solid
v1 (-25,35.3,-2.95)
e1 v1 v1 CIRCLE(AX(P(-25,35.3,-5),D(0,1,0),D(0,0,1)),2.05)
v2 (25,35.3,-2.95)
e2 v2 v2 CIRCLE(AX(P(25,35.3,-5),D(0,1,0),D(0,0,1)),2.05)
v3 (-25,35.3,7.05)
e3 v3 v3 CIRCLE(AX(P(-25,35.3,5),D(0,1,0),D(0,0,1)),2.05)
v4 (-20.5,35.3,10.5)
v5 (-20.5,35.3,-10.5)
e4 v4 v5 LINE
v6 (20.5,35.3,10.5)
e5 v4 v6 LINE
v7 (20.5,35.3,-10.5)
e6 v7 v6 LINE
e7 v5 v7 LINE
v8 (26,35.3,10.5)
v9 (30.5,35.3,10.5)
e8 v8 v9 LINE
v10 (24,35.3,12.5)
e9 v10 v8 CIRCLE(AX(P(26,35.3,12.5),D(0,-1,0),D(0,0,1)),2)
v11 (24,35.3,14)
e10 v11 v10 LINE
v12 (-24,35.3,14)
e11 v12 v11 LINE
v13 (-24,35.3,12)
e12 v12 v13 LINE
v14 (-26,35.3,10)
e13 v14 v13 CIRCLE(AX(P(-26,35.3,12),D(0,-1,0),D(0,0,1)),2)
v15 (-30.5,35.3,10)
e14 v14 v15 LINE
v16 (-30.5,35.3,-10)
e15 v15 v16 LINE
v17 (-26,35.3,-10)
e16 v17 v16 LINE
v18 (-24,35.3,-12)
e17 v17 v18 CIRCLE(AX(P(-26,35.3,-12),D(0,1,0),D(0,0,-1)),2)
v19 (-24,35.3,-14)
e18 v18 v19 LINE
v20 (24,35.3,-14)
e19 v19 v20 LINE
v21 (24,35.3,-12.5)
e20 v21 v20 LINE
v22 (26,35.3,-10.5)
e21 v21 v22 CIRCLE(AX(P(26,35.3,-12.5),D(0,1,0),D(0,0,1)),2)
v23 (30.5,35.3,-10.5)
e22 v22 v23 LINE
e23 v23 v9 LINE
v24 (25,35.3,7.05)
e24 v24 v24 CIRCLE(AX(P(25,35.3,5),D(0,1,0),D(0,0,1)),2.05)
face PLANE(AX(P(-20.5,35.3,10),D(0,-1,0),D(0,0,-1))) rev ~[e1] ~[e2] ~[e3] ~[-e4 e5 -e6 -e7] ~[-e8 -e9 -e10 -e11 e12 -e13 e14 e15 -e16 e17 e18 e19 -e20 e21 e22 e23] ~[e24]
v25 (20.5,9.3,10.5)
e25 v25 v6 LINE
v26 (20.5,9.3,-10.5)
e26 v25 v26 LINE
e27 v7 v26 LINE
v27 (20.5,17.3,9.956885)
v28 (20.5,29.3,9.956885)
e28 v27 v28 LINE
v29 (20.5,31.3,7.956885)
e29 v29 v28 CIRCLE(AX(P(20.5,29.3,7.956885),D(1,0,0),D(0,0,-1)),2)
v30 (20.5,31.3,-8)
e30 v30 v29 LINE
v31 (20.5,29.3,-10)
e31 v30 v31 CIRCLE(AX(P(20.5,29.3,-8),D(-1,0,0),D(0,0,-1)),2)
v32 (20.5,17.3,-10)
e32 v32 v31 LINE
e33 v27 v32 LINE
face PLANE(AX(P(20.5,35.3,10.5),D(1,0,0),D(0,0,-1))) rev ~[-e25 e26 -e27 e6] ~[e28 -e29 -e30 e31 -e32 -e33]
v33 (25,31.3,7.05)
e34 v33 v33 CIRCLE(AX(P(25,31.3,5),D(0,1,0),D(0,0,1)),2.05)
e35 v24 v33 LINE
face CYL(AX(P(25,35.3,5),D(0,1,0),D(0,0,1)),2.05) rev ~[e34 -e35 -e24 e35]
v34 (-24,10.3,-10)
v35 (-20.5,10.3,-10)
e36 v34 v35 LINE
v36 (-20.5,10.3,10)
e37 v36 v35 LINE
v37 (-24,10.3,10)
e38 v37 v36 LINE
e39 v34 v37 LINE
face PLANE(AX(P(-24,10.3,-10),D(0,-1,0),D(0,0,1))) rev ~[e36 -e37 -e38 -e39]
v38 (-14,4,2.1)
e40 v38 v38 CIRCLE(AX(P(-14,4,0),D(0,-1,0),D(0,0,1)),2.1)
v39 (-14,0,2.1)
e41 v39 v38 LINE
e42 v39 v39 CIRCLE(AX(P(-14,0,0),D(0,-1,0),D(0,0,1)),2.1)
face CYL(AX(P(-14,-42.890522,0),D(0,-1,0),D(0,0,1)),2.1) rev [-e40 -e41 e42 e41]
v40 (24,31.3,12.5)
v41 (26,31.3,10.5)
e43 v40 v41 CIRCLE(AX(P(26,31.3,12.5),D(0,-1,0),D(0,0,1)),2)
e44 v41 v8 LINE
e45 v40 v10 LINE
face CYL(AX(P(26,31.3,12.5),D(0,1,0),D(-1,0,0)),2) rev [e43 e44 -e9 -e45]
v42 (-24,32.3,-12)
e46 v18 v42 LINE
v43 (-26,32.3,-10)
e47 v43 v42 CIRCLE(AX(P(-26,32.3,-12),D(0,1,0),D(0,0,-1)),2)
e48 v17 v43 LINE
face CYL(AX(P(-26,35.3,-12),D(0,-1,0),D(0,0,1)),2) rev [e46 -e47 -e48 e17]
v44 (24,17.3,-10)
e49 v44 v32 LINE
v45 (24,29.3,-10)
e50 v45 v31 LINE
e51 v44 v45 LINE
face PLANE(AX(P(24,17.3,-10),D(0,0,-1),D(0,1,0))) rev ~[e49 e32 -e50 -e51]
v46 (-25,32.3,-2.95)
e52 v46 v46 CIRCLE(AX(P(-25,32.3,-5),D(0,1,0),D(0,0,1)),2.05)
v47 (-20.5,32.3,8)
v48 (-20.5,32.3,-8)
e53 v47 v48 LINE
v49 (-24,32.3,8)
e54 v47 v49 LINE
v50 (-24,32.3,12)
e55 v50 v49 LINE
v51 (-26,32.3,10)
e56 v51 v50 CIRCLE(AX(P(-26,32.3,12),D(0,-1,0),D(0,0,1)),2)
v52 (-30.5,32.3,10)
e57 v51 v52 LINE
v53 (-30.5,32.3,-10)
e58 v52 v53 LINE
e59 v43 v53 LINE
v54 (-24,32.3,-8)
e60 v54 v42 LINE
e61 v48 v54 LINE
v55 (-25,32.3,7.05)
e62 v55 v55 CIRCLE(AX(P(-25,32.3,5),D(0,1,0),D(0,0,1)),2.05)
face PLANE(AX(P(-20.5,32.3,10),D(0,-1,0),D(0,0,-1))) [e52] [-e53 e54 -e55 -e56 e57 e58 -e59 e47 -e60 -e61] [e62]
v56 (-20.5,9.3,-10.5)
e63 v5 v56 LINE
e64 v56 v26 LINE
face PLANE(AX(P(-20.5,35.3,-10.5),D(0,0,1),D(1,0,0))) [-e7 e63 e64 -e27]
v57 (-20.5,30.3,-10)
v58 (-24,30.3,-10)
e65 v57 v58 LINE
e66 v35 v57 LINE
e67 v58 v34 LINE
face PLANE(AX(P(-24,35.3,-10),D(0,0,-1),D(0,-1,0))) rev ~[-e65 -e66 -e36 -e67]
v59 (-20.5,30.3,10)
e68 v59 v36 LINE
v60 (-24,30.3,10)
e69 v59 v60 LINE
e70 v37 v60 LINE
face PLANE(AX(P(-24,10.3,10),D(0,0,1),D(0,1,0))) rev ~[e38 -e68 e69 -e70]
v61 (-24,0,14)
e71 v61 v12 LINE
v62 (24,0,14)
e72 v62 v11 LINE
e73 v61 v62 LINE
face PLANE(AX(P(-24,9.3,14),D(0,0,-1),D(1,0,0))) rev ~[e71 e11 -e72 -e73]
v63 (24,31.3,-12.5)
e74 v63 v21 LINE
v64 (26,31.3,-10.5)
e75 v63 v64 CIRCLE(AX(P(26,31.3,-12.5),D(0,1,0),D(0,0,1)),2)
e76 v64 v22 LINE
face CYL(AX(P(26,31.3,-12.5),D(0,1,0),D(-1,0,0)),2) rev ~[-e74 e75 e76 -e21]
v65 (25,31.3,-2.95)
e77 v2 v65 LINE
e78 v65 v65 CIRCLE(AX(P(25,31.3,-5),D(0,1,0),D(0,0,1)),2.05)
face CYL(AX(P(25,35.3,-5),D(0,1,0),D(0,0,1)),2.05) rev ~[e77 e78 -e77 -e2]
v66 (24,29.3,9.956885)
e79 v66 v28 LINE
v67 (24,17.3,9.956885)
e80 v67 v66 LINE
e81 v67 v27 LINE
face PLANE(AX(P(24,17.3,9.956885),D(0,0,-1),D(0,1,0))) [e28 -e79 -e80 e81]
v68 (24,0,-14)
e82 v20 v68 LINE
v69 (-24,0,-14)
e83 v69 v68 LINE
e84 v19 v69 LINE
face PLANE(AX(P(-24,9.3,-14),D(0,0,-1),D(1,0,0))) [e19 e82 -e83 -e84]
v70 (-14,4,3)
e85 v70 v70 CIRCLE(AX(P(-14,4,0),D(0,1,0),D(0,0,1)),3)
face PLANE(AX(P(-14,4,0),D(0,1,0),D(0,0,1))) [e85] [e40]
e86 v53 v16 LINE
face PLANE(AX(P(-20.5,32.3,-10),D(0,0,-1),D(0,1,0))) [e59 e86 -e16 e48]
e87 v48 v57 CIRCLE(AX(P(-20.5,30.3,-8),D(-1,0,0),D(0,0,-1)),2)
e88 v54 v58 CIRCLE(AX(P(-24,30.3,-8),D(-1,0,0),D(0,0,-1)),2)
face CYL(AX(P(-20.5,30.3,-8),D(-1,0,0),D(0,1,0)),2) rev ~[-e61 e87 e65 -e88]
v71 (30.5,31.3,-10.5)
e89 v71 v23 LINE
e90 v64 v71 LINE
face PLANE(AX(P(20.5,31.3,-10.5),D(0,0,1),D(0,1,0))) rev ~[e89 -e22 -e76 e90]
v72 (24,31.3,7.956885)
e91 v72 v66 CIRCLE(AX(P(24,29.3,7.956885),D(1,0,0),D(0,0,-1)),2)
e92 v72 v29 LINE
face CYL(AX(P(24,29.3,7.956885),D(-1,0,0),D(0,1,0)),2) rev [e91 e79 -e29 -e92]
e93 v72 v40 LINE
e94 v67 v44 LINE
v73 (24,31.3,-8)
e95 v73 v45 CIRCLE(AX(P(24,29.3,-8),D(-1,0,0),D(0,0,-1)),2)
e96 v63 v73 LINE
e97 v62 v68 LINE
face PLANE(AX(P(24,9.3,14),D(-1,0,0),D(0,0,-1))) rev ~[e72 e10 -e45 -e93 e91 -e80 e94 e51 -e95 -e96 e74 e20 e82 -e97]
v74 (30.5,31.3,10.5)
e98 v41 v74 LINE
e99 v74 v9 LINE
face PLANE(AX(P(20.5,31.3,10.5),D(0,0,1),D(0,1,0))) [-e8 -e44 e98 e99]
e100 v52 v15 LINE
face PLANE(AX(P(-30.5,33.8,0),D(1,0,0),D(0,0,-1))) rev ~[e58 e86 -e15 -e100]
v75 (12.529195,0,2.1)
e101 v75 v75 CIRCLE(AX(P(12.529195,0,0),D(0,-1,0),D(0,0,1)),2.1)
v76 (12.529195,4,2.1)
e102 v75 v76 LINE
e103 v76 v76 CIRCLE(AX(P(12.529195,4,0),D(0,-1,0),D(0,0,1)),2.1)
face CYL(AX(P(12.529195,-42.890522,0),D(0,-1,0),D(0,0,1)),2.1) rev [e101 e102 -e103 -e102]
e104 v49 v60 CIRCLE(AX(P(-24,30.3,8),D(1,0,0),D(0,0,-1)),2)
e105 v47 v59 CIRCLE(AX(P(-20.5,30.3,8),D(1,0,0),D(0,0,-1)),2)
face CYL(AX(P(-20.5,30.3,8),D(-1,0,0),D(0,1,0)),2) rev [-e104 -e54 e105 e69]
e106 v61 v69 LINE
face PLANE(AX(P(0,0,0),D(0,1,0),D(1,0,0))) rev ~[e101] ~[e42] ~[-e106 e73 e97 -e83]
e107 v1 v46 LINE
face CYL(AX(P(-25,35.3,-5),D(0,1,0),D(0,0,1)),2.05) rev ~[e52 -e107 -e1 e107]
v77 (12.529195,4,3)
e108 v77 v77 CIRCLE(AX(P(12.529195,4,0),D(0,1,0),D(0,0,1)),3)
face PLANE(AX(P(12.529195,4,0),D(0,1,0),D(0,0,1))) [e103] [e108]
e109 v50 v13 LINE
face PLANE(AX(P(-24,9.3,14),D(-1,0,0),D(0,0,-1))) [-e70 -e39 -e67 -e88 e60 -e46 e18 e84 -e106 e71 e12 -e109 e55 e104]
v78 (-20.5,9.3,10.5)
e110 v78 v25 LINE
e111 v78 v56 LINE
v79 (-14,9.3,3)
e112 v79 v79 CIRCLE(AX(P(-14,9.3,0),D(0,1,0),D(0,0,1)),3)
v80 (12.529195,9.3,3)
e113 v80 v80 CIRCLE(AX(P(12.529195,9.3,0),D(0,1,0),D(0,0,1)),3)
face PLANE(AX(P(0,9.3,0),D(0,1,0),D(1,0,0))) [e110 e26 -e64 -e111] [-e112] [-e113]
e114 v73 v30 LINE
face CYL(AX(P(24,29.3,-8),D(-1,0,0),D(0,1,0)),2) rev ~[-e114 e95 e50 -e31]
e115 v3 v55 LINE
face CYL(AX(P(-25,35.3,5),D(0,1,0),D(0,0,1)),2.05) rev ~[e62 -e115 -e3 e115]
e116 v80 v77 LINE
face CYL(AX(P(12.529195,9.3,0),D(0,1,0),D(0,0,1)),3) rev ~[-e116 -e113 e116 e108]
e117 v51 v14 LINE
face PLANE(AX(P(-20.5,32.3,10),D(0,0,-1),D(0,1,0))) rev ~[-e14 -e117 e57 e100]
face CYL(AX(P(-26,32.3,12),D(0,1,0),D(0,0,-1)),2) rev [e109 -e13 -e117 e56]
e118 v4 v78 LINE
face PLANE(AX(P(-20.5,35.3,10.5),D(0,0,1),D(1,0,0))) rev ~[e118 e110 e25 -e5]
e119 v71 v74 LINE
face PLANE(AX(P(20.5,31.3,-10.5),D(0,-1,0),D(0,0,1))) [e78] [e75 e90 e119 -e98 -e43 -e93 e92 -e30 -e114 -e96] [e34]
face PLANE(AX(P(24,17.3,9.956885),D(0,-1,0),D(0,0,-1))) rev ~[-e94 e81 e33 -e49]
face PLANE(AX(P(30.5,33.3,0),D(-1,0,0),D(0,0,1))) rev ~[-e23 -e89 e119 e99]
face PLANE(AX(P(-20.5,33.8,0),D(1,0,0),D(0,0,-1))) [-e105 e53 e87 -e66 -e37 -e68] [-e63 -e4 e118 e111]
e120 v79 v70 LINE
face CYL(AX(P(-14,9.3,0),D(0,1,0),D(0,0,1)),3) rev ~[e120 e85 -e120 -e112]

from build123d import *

# Parameters (mm, degrees)
SKETCH_1_W               = 48
SKETCH_1_H               = 28
EXTRUDE_1_DEPTH          = 9.3
SKETCH_2_W               = 48
SKETCH_2_H               = 28
SKETCH_2_W_2             = 40
SKETCH_2_H_2             = 20
EXTRUDE_2_DEPTH          = 26
SKETCH_3_W               = 41
SKETCH_3_H               = 21
CUT_EXTRUDE_1_DEPTH      = 26
SKETCH_4_W               = 19.956885432
SKETCH_4_H               = 18
CUT_EXTRUDE_2_DEPTH      = 10
CUT_EXTRUDE_3_DEPTH      = 6
SKETCH_7_W               = 20
SKETCH_7_H               = 3
EXTRUDE_4_DEPTH          = 10
FILLET_3_R               = 2
SKETCH_9_W               = 21
SKETCH_9_H               = 4
EXTRUDE_5_DEPTH          = 10
SKETCH_10_R              = 2.05
CUT_EXTRUDE_5_DEPTH      = 10
FILLET_4_R               = 2
SKETCH_11_R              = 3
CUT_EXTRUDE_6_DEPTH      = 5.3
CUT_EXTRUDE_7_DEPTH      = 46.890521897
CUT_EXTRUDE_7_DEPTH_BACK = 46.890521897
SKETCH_12_R              = 2.1
FILLET_5_R               = 2


with BuildPart() as part:
    # 草图1 → 凸台-拉伸1 (new body)
    with BuildSketch(Plane(origin=(0, 0, 0), x_dir=(1, 0, 0), z_dir=(0, 1, 0))):
        Rectangle(SKETCH_1_W, SKETCH_1_H)
    extrude(amount=EXTRUDE_1_DEPTH)

    # 草图2 → 凸台-拉伸2 (add)
    with BuildSketch(Plane(origin=(0, 9.3, 0), x_dir=(1, 0, 0), z_dir=(0, 1, 0))):
        Rectangle(SKETCH_2_W, SKETCH_2_H)
        Rectangle(SKETCH_2_W_2, SKETCH_2_H_2, mode=Mode.SUBTRACT)
    extrude(amount=EXTRUDE_2_DEPTH)

    # 草图3 → 切除-拉伸1 (cut)
    with BuildSketch(Plane(origin=(0, 35.3, 0), x_dir=(1, 0, 0), z_dir=(0, 1, 0))):
        Rectangle(SKETCH_3_W, SKETCH_3_H)
    extrude(amount=-CUT_EXTRUDE_1_DEPTH, mode=Mode.SUBTRACT)

    # 草图4 → 切除-拉伸2 (cut)
    with BuildSketch(Plane(origin=(24, 0, 0), x_dir=(0, 0, -1), z_dir=(1, 0, 0))):
        with Locations((0.021557284, 26.3)):
            Rectangle(SKETCH_4_W, SKETCH_4_H)
    extrude(amount=-CUT_EXTRUDE_2_DEPTH, mode=Mode.SUBTRACT)

    # 草图6 → 切除-拉伸3 (cut)
    with BuildSketch(Plane.ZY.offset(24)):
        Polygon((0, 35.3), (-10, 35.3), (-10, 10.3), (10, 10.3), (10, 35.3), align=None)
    extrude(amount=-CUT_EXTRUDE_3_DEPTH, mode=Mode.SUBTRACT)

    # 草图7 → 凸台-拉伸4 (add)
    with BuildSketch(Plane(origin=(-20.5, 0, 0), x_dir=(0, 0, -1), z_dir=(1, 0, 0))):
        with Locations((0, 33.8)):
            Rectangle(SKETCH_7_W, SKETCH_7_H)
    extrude(amount=-EXTRUDE_4_DEPTH)

    # 圆角3
    fillet_3_edges = [part.edges().sort_by_distance(p)[0] for p in [
        (-24, 33.8, 10),
        (-24, 33.8, -10),
    ]]
    fillet(fillet_3_edges, radius=FILLET_3_R)

    # 草图9 → 凸台-拉伸5 (add)
    with BuildSketch(Plane.ZY.offset(-20.5)):
        with Locations((0, 33.3)):
            Rectangle(SKETCH_9_W, SKETCH_9_H)
    extrude(amount=-EXTRUDE_5_DEPTH)

    # 草图10 → 切除-拉伸5 (cut)
    with BuildSketch(Plane(origin=(0, 35.3, 0), x_dir=(1, 0, 0), z_dir=(0, 1, 0))):
        with Locations(Location((25, 5, 0), (0, 0, 270))):
            Circle(SKETCH_10_R)
        with Locations(Location((25, -5, 0), (0, 0, 270))):
            Circle(SKETCH_10_R)
        with Locations(Location((-25, 5, 0), (0, 0, 270))):
            Circle(SKETCH_10_R)
        with Locations(Location((-25, -5, 0), (0, 0, 270))):
            Circle(SKETCH_10_R)
    extrude(amount=-CUT_EXTRUDE_5_DEPTH, mode=Mode.SUBTRACT)

    # 圆角4
    fillet_4_edges = [part.edges().sort_by_distance(p)[0] for p in [
        (24, 33.3, -10.5),
        (24, 33.3, 10.5),
    ]]
    fillet(fillet_4_edges, radius=FILLET_4_R)

    # 草图11 → 切除-拉伸6 (cut)
    with BuildSketch(Plane(origin=(0, 9.3, 0), x_dir=(1, 0, 0), z_dir=(0, 1, 0))):
        with Locations(Location((-14, 0, 0), (0, 0, 270))):
            Circle(SKETCH_11_R)
        with Locations(Location((12.529194913, 0, 0), (0, 0, 270))):
            Circle(SKETCH_11_R)
    extrude(amount=-CUT_EXTRUDE_6_DEPTH, mode=Mode.SUBTRACT)

    # 草图12 → 切除-拉伸7 (cut, two sides: drawn at the far end of the back side and taken through both)
    with BuildSketch(Plane(origin=(0, 4, 0), x_dir=(1, 0, 0), z_dir=(0, 1, 0)).offset(-CUT_EXTRUDE_7_DEPTH_BACK)):
        with Locations(Location((-14, 0, 0), (0, 0, 270))):
            Circle(SKETCH_12_R)
        with Locations(Location((12.529194913, 0, 0), (0, 0, 270))):
            Circle(SKETCH_12_R)
    extrude(amount=CUT_EXTRUDE_7_DEPTH + CUT_EXTRUDE_7_DEPTH_BACK, mode=Mode.SUBTRACT)

    # 圆角5
    fillet_5_edges = [part.edges().sort_by_distance(p)[0] for p in [
        (-22.25, 32.3, -10),
        (-22.25, 32.3, 10),
        (22.25, 31.3, 9.956885432),
        (22.25, 31.3, -10),
    ]]
    fillet(fillet_5_edges, radius=FILLET_5_R)


solid = part.part
